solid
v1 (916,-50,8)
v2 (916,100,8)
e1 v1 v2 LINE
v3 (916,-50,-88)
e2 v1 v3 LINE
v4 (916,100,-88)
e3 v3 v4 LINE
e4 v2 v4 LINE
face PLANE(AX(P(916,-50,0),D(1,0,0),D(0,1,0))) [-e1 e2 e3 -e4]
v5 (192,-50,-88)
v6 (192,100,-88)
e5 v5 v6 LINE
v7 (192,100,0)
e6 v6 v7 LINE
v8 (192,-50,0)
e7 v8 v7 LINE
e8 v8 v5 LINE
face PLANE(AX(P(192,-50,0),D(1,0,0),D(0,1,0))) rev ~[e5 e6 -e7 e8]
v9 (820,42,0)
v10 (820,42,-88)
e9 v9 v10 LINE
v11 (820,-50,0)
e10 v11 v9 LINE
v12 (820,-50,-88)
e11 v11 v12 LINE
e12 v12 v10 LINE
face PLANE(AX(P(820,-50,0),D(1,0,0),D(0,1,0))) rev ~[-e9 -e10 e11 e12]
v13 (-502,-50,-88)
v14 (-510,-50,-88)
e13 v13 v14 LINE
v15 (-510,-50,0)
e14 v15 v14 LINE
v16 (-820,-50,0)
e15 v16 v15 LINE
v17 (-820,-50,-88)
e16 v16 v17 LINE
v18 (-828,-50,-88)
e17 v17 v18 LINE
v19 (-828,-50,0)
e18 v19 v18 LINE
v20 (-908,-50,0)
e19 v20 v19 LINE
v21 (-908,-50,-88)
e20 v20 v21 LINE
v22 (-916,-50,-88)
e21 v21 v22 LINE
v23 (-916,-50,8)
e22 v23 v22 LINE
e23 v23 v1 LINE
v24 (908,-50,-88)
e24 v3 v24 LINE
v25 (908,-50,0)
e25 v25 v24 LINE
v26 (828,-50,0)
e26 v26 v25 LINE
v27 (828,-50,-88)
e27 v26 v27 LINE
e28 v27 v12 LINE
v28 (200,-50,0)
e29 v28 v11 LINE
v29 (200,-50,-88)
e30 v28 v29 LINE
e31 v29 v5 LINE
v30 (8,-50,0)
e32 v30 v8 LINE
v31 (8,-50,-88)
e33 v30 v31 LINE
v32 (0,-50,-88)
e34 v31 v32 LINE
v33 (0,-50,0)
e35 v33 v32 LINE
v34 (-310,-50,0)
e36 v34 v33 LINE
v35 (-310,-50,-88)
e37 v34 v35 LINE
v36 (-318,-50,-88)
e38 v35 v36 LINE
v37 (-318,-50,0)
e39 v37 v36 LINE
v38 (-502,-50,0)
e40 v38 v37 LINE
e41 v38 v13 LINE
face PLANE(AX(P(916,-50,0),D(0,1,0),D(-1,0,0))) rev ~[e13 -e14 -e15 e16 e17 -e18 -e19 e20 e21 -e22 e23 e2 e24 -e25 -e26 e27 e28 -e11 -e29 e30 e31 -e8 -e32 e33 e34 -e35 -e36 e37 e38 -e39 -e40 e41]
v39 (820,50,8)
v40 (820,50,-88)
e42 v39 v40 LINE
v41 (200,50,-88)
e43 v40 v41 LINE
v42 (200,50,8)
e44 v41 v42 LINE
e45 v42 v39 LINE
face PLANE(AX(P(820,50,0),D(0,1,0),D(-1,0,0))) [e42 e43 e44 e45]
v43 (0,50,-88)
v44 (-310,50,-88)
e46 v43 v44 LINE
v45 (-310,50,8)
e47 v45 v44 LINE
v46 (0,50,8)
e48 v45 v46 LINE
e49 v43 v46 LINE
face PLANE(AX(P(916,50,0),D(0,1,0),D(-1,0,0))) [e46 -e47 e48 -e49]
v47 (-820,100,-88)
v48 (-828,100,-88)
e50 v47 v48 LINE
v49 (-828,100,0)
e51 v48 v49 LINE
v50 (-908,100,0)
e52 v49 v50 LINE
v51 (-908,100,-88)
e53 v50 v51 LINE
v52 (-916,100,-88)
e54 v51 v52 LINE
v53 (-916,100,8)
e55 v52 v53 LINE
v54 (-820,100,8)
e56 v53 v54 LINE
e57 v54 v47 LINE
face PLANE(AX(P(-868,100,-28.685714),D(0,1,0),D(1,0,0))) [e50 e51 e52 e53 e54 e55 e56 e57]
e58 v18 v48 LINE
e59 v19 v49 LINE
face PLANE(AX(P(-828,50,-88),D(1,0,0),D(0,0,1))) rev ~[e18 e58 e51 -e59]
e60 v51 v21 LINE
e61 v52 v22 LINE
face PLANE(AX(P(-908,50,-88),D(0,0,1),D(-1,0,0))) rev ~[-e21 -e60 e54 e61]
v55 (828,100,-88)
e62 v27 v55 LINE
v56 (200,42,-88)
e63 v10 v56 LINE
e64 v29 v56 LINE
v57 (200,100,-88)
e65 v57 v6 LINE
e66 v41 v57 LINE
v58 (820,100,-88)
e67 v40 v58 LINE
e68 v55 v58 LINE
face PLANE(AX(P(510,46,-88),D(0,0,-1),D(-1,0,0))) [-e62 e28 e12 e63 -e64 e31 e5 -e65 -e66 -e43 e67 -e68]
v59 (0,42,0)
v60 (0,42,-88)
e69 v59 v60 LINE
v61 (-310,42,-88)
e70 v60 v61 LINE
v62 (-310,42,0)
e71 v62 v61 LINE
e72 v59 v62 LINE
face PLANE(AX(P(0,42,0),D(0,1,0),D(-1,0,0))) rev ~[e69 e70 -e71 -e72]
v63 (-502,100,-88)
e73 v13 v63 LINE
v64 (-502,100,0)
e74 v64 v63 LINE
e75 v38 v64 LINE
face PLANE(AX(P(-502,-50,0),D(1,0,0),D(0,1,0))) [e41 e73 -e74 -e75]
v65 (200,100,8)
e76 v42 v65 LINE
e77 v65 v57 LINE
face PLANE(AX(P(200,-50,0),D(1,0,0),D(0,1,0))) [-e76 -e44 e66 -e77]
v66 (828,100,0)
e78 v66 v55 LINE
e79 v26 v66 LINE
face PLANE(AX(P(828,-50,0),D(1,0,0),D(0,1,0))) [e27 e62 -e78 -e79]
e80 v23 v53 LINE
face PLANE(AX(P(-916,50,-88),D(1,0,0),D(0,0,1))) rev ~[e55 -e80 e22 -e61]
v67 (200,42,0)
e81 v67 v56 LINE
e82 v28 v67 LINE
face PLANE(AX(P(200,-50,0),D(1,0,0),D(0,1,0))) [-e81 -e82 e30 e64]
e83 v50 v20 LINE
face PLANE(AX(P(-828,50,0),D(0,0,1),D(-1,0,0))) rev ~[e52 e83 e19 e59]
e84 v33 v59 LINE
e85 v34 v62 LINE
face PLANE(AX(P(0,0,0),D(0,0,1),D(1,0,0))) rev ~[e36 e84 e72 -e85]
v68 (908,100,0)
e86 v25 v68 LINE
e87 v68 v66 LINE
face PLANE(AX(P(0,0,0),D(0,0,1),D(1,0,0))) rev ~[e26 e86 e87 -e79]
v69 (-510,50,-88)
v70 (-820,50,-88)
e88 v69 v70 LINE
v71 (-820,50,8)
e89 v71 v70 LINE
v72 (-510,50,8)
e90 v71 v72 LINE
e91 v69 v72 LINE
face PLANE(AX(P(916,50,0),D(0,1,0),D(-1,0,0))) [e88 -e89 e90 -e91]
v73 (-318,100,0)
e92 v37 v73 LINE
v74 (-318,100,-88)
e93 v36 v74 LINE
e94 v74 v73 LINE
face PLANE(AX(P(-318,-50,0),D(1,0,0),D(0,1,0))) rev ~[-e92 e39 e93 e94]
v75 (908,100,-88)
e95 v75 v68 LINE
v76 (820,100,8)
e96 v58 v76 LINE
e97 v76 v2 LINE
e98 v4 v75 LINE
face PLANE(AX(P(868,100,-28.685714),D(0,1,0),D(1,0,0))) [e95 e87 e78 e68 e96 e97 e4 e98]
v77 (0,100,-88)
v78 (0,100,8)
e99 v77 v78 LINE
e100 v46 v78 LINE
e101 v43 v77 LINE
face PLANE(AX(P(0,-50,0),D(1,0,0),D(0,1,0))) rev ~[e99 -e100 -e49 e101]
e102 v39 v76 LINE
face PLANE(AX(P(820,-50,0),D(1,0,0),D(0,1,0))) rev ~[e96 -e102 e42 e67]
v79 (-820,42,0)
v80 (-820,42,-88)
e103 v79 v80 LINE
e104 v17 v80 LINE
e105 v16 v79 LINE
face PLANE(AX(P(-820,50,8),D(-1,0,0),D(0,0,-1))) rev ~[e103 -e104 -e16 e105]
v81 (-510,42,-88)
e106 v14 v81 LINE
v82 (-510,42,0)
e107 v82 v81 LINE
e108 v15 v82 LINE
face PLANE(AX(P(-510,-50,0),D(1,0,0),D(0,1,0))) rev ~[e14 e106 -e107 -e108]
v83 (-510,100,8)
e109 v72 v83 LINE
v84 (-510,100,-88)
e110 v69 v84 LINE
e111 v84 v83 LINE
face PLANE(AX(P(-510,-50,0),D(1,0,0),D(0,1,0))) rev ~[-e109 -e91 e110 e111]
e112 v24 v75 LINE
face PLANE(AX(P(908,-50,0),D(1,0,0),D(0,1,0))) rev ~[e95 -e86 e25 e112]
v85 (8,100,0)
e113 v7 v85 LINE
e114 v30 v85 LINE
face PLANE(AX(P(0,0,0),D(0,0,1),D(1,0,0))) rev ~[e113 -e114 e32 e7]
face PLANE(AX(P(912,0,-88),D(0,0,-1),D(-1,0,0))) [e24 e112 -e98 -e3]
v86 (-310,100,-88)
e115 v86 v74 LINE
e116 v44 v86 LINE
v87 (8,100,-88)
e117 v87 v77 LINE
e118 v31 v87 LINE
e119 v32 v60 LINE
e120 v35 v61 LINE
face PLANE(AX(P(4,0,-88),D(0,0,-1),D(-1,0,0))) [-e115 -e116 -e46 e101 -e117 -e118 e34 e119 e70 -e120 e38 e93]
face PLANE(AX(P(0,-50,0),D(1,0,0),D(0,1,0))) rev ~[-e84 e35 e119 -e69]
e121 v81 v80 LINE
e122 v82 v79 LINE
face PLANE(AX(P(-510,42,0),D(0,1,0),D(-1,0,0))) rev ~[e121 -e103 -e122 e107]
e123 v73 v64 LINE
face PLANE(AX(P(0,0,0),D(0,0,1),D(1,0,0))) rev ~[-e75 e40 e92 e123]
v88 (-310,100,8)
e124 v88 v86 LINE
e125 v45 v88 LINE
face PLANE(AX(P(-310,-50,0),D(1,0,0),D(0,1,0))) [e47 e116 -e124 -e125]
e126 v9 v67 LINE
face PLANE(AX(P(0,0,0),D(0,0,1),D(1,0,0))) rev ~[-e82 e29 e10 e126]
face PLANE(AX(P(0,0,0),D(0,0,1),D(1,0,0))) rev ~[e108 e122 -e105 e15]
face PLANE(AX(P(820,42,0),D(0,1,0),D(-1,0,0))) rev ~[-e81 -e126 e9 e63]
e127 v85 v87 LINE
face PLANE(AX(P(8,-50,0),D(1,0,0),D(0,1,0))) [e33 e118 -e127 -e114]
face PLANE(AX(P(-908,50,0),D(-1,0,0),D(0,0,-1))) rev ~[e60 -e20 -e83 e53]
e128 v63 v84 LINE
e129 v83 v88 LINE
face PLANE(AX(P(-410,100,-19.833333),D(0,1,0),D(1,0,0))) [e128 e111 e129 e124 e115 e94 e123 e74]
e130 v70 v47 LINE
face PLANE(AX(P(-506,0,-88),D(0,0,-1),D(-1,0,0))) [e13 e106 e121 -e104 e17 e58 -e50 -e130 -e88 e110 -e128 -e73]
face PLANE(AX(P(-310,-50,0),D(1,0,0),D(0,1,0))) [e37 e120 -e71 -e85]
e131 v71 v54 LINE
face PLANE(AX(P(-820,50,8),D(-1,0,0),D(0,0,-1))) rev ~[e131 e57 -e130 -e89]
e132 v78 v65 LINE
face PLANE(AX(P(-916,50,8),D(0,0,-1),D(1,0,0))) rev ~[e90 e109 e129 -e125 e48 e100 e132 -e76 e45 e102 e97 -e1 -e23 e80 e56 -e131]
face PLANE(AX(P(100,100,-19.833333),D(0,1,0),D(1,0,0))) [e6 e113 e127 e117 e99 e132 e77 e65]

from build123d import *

# Parameters (mm, degrees)
SKETCH1_W           = 1832
SKETCH1_H           = 100
BOSS_EXTRUDE1_DEPTH = 8
SKETCH2_W           = 8
SKETCH2_H           = 100
BOSS_EXTRUDE2_DEPTH = 88
BOSS_EXTRUDE3_DEPTH = 50
SKETCH4_W           = 620
SKETCH4_H           = 8
SKETCH4_W_2         = 310
BOSS_EXTRUDE4_DEPTH = 88


with BuildPart() as part:
    # Sketch1 → Boss-Extrude1 (new body)
    with BuildSketch(Plane.XY):
        Rectangle(SKETCH1_W, SKETCH1_H)
    extrude(amount=BOSS_EXTRUDE1_DEPTH)

    # Sketch2 → Boss-Extrude2 (add)
    with BuildSketch(Plane(origin=(0, 0, 0), x_dir=(-1, 0, 0), z_dir=(0, 0, -1))):
        with Locations((-912, 0)):
            Rectangle(SKETCH2_W, SKETCH2_H)
        with Locations((912, 0)):
            Rectangle(SKETCH2_W, SKETCH2_H)
        with Locations((824, 0)):
            Rectangle(SKETCH2_W, SKETCH2_H)
        with Locations((506, 0)):
            Rectangle(SKETCH2_W, SKETCH2_H)
        with Locations((314, 0)):
            Rectangle(SKETCH2_W, SKETCH2_H)
        with Locations((-4, 0)):
            Rectangle(SKETCH2_W, SKETCH2_H)
        with Locations((-196, 0)):
            Rectangle(SKETCH2_W, SKETCH2_H)
        with Locations((-824, 0)):
            Rectangle(SKETCH2_W, SKETCH2_H)
    extrude(amount=BOSS_EXTRUDE2_DEPTH)

    # Sketch3 → Boss-Extrude3 (add)
    with BuildSketch(Plane(origin=(0, 50, 0), x_dir=(1, 0, 0), z_dir=(0, 1, 0))):
        Polygon((-916, 88), (-916, -8), (-820, -8), (-820, 88), (-828, 88), (-828, 0), (-908, 0), (-908, 88), align=None)
        Polygon((-510, 88), (-510, -8), (-310, -8), (-310, 88), (-318, 88), (-318, 0), (-502, 0), (-502, 88), align=None)
        Polygon((0, 88), (0, -8), (200, -8), (200, 88), (192, 88), (192, 0), (8, 0), (8, 88), align=None)
        Polygon((820, 88), (820, -8), (916, -8), (916, 88), (908, 88), (908, 0), (828, 0), (828, 88), align=None)
    extrude(amount=BOSS_EXTRUDE3_DEPTH)

    # Sketch4 → Boss-Extrude4 (add)
    with BuildSketch(Plane(origin=(0, 0, 0), x_dir=(-1, 0, 0), z_dir=(0, 0, -1))):
        with Locations((-510, 46)):
            Rectangle(SKETCH4_W, SKETCH4_H)
        with Locations((155, 46)):
            Rectangle(SKETCH4_W_2, SKETCH4_H)
        with Locations((665, 46)):
            Rectangle(SKETCH4_W_2, SKETCH4_H)
    extrude(amount=BOSS_EXTRUDE4_DEPTH)


solid = part.part
